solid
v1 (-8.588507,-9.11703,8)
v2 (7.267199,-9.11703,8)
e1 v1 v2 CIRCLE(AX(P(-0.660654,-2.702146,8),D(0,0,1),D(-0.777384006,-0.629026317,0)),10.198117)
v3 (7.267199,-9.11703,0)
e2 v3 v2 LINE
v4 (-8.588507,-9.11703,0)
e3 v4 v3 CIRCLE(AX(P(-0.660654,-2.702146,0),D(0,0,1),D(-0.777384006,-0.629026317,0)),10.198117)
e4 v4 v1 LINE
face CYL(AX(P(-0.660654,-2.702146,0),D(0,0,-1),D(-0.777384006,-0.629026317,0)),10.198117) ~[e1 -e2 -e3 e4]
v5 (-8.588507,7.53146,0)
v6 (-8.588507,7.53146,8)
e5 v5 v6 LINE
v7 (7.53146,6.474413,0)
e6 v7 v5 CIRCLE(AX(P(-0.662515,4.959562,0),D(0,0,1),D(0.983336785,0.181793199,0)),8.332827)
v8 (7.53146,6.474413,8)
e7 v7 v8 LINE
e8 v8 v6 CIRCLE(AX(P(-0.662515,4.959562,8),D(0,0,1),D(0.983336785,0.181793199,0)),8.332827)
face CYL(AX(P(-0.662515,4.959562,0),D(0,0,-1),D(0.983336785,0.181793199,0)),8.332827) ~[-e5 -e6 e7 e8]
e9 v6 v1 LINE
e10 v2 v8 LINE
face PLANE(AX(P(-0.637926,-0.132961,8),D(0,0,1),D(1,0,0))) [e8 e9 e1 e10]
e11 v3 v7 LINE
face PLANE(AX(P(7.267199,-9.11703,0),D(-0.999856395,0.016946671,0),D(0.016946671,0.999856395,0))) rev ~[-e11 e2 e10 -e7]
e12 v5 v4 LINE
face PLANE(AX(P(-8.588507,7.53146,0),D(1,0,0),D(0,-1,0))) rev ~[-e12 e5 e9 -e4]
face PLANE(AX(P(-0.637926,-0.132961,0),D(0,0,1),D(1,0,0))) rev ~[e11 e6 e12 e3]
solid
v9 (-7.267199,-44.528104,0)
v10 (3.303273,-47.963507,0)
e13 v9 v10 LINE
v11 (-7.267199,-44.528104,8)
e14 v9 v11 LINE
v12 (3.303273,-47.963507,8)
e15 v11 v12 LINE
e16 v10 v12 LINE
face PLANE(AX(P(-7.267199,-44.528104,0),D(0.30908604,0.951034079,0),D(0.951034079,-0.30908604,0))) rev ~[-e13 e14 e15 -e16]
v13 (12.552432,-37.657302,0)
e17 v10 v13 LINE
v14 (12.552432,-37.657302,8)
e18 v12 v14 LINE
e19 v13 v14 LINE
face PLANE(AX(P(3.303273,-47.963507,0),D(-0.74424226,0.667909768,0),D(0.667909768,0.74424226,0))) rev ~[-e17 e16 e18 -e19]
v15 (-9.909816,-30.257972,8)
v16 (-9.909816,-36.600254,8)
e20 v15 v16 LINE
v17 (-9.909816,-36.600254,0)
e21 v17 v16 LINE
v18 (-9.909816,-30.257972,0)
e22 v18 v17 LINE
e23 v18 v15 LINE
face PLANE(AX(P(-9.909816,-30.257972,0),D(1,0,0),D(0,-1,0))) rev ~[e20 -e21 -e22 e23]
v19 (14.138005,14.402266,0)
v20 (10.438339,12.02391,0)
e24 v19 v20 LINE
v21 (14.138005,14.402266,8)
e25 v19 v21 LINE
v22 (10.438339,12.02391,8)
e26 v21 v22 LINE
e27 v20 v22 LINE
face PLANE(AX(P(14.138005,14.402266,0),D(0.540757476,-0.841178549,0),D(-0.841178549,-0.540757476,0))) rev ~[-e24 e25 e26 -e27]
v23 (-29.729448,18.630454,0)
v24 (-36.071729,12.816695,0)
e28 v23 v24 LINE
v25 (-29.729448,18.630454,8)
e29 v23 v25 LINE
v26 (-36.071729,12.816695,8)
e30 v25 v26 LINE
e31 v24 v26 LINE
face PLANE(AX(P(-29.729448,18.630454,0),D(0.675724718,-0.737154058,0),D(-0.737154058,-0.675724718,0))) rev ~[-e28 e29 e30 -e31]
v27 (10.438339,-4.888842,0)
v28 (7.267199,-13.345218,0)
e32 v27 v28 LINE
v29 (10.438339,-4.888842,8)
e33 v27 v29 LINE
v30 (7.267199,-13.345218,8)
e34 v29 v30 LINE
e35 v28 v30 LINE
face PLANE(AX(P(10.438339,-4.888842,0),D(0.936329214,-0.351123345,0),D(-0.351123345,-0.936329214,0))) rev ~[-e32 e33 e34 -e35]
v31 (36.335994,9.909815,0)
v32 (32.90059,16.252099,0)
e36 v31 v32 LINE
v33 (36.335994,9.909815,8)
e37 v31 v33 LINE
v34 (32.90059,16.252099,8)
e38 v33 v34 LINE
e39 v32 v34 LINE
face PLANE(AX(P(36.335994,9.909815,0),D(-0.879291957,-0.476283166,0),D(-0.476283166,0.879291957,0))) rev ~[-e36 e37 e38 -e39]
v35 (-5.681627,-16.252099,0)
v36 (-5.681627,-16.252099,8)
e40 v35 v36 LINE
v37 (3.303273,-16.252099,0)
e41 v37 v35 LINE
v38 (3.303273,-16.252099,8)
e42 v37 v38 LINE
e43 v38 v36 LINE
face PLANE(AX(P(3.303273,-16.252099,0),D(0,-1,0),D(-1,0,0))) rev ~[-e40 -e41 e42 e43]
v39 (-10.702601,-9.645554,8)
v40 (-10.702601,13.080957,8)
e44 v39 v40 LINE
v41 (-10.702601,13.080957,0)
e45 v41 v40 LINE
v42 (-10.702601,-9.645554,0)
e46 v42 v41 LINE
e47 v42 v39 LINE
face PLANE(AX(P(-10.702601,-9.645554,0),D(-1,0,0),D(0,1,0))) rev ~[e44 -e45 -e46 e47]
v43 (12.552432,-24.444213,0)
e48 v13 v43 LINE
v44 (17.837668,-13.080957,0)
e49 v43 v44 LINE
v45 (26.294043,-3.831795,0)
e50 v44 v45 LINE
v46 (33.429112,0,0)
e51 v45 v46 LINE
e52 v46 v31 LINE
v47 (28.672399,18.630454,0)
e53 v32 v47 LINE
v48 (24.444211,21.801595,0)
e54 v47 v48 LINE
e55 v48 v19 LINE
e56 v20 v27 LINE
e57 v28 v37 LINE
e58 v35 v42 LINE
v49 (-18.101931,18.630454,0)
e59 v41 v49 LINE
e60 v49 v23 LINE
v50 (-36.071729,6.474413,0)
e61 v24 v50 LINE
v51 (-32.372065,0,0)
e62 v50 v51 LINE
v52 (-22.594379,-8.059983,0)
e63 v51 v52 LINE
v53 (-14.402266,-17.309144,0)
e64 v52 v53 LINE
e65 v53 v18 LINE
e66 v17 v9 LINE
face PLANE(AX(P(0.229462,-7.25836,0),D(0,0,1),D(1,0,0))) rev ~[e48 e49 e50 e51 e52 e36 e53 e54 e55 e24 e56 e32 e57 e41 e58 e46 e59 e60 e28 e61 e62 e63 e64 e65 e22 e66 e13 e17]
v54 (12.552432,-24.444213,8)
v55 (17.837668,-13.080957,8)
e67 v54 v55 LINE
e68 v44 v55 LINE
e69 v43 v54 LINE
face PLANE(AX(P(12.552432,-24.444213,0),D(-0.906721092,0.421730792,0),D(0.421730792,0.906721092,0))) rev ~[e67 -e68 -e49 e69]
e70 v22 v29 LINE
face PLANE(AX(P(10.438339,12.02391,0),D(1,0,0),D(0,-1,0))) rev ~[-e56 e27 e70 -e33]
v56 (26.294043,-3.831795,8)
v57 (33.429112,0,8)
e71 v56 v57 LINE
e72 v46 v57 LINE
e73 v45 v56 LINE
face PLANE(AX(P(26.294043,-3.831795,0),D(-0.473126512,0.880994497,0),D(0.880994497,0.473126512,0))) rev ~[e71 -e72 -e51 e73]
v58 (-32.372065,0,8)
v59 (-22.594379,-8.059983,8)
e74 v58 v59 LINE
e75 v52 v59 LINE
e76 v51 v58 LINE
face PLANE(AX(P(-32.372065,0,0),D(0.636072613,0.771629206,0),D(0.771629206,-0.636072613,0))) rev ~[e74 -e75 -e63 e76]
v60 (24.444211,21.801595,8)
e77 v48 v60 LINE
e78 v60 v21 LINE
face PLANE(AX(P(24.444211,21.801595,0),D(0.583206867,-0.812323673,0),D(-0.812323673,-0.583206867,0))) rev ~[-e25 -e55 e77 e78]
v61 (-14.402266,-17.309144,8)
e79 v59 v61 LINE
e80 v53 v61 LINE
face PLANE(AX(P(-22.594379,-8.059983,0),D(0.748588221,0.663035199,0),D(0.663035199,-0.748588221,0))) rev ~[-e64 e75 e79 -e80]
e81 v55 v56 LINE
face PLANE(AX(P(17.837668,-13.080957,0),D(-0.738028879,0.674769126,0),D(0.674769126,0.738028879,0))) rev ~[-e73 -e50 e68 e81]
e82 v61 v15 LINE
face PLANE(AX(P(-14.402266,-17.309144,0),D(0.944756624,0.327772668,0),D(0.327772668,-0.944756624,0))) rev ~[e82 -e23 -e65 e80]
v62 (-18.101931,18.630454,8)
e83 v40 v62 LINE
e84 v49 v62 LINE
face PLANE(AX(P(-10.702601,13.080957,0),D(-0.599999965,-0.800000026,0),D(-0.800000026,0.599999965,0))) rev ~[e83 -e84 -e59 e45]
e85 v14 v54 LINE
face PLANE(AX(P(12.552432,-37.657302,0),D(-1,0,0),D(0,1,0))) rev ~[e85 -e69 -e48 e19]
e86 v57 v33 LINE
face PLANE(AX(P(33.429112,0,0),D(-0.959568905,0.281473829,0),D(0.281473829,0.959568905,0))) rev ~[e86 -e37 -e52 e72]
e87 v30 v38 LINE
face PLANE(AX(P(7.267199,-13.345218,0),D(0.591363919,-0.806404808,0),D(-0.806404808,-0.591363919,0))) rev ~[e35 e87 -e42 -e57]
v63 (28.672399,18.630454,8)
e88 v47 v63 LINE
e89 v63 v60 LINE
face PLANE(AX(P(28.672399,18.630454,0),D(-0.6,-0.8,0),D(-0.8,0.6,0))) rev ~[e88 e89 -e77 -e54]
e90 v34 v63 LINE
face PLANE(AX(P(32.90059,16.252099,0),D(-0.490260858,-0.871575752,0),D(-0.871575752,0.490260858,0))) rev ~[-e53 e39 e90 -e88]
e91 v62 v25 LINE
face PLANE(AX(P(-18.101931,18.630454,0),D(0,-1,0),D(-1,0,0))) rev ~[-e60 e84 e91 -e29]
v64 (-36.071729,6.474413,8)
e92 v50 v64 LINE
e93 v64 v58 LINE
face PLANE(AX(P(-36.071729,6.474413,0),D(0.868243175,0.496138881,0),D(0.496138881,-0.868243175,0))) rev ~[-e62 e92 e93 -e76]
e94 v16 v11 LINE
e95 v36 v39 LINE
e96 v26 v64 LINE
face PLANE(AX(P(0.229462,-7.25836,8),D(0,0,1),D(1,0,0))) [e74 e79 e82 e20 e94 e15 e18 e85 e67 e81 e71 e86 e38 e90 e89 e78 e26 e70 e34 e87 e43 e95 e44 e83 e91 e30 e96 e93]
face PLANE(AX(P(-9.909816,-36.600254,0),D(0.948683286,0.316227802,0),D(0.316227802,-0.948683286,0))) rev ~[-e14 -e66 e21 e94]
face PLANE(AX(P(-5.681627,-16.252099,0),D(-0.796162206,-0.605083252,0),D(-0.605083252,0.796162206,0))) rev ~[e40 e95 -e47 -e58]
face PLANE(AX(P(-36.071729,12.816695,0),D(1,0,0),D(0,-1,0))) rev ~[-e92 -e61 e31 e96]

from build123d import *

# Parameters (mm, degrees)
F1_DEPTH = 8


with BuildPart() as f1:
    # F0 (on Top) → F1 (new body)
    with BuildSketch(Plane.XY):
        Polygon((-10.702601, -9.645554), (-10.702601, 13.080957), (-18.101931, 18.630454), (-24.972735, 18.630454), (-29.729448, 18.630454), (-36.071729, 12.816695), (-36.071729, 6.474413), (-32.372065, 0), (-22.594379, -8.059983), (-14.402266, -17.309144), (-9.909816, -30.257972), (-9.909816, -36.600254), (-7.267199, -44.528104), (3.303273, -47.963507), (12.552432, -37.657302), (12.552432, -24.444213), (17.837668, -13.080957), (26.294043, -3.831795), (33.429112, 0), (36.335994, 9.909815), (32.90059, 16.252099), (28.672399, 18.630454), (24.444211, 21.801595), (14.138005, 14.402266), (10.438339, 12.02391), (10.438339, -4.888842), (7.267199, -13.345218), (3.303273, -16.252099), (-5.681627, -16.252099), align=None)
        with BuildLine():
            Line((7.267199, -9.11703), (7.53146, 6.474413))
            ThreePointArc((7.53146, 6.474413), (-0.117271, 13.274531), (-8.588507, 7.53146))
            Line((-8.588507, 7.53146), (-8.588507, -9.11703))
            ThreePointArc((-8.588507, -9.11703), (-0.660654, -12.900263), (7.267199, -9.11703))
        make_face()
    extrude(amount=F1_DEPTH)


solid = f1.part
